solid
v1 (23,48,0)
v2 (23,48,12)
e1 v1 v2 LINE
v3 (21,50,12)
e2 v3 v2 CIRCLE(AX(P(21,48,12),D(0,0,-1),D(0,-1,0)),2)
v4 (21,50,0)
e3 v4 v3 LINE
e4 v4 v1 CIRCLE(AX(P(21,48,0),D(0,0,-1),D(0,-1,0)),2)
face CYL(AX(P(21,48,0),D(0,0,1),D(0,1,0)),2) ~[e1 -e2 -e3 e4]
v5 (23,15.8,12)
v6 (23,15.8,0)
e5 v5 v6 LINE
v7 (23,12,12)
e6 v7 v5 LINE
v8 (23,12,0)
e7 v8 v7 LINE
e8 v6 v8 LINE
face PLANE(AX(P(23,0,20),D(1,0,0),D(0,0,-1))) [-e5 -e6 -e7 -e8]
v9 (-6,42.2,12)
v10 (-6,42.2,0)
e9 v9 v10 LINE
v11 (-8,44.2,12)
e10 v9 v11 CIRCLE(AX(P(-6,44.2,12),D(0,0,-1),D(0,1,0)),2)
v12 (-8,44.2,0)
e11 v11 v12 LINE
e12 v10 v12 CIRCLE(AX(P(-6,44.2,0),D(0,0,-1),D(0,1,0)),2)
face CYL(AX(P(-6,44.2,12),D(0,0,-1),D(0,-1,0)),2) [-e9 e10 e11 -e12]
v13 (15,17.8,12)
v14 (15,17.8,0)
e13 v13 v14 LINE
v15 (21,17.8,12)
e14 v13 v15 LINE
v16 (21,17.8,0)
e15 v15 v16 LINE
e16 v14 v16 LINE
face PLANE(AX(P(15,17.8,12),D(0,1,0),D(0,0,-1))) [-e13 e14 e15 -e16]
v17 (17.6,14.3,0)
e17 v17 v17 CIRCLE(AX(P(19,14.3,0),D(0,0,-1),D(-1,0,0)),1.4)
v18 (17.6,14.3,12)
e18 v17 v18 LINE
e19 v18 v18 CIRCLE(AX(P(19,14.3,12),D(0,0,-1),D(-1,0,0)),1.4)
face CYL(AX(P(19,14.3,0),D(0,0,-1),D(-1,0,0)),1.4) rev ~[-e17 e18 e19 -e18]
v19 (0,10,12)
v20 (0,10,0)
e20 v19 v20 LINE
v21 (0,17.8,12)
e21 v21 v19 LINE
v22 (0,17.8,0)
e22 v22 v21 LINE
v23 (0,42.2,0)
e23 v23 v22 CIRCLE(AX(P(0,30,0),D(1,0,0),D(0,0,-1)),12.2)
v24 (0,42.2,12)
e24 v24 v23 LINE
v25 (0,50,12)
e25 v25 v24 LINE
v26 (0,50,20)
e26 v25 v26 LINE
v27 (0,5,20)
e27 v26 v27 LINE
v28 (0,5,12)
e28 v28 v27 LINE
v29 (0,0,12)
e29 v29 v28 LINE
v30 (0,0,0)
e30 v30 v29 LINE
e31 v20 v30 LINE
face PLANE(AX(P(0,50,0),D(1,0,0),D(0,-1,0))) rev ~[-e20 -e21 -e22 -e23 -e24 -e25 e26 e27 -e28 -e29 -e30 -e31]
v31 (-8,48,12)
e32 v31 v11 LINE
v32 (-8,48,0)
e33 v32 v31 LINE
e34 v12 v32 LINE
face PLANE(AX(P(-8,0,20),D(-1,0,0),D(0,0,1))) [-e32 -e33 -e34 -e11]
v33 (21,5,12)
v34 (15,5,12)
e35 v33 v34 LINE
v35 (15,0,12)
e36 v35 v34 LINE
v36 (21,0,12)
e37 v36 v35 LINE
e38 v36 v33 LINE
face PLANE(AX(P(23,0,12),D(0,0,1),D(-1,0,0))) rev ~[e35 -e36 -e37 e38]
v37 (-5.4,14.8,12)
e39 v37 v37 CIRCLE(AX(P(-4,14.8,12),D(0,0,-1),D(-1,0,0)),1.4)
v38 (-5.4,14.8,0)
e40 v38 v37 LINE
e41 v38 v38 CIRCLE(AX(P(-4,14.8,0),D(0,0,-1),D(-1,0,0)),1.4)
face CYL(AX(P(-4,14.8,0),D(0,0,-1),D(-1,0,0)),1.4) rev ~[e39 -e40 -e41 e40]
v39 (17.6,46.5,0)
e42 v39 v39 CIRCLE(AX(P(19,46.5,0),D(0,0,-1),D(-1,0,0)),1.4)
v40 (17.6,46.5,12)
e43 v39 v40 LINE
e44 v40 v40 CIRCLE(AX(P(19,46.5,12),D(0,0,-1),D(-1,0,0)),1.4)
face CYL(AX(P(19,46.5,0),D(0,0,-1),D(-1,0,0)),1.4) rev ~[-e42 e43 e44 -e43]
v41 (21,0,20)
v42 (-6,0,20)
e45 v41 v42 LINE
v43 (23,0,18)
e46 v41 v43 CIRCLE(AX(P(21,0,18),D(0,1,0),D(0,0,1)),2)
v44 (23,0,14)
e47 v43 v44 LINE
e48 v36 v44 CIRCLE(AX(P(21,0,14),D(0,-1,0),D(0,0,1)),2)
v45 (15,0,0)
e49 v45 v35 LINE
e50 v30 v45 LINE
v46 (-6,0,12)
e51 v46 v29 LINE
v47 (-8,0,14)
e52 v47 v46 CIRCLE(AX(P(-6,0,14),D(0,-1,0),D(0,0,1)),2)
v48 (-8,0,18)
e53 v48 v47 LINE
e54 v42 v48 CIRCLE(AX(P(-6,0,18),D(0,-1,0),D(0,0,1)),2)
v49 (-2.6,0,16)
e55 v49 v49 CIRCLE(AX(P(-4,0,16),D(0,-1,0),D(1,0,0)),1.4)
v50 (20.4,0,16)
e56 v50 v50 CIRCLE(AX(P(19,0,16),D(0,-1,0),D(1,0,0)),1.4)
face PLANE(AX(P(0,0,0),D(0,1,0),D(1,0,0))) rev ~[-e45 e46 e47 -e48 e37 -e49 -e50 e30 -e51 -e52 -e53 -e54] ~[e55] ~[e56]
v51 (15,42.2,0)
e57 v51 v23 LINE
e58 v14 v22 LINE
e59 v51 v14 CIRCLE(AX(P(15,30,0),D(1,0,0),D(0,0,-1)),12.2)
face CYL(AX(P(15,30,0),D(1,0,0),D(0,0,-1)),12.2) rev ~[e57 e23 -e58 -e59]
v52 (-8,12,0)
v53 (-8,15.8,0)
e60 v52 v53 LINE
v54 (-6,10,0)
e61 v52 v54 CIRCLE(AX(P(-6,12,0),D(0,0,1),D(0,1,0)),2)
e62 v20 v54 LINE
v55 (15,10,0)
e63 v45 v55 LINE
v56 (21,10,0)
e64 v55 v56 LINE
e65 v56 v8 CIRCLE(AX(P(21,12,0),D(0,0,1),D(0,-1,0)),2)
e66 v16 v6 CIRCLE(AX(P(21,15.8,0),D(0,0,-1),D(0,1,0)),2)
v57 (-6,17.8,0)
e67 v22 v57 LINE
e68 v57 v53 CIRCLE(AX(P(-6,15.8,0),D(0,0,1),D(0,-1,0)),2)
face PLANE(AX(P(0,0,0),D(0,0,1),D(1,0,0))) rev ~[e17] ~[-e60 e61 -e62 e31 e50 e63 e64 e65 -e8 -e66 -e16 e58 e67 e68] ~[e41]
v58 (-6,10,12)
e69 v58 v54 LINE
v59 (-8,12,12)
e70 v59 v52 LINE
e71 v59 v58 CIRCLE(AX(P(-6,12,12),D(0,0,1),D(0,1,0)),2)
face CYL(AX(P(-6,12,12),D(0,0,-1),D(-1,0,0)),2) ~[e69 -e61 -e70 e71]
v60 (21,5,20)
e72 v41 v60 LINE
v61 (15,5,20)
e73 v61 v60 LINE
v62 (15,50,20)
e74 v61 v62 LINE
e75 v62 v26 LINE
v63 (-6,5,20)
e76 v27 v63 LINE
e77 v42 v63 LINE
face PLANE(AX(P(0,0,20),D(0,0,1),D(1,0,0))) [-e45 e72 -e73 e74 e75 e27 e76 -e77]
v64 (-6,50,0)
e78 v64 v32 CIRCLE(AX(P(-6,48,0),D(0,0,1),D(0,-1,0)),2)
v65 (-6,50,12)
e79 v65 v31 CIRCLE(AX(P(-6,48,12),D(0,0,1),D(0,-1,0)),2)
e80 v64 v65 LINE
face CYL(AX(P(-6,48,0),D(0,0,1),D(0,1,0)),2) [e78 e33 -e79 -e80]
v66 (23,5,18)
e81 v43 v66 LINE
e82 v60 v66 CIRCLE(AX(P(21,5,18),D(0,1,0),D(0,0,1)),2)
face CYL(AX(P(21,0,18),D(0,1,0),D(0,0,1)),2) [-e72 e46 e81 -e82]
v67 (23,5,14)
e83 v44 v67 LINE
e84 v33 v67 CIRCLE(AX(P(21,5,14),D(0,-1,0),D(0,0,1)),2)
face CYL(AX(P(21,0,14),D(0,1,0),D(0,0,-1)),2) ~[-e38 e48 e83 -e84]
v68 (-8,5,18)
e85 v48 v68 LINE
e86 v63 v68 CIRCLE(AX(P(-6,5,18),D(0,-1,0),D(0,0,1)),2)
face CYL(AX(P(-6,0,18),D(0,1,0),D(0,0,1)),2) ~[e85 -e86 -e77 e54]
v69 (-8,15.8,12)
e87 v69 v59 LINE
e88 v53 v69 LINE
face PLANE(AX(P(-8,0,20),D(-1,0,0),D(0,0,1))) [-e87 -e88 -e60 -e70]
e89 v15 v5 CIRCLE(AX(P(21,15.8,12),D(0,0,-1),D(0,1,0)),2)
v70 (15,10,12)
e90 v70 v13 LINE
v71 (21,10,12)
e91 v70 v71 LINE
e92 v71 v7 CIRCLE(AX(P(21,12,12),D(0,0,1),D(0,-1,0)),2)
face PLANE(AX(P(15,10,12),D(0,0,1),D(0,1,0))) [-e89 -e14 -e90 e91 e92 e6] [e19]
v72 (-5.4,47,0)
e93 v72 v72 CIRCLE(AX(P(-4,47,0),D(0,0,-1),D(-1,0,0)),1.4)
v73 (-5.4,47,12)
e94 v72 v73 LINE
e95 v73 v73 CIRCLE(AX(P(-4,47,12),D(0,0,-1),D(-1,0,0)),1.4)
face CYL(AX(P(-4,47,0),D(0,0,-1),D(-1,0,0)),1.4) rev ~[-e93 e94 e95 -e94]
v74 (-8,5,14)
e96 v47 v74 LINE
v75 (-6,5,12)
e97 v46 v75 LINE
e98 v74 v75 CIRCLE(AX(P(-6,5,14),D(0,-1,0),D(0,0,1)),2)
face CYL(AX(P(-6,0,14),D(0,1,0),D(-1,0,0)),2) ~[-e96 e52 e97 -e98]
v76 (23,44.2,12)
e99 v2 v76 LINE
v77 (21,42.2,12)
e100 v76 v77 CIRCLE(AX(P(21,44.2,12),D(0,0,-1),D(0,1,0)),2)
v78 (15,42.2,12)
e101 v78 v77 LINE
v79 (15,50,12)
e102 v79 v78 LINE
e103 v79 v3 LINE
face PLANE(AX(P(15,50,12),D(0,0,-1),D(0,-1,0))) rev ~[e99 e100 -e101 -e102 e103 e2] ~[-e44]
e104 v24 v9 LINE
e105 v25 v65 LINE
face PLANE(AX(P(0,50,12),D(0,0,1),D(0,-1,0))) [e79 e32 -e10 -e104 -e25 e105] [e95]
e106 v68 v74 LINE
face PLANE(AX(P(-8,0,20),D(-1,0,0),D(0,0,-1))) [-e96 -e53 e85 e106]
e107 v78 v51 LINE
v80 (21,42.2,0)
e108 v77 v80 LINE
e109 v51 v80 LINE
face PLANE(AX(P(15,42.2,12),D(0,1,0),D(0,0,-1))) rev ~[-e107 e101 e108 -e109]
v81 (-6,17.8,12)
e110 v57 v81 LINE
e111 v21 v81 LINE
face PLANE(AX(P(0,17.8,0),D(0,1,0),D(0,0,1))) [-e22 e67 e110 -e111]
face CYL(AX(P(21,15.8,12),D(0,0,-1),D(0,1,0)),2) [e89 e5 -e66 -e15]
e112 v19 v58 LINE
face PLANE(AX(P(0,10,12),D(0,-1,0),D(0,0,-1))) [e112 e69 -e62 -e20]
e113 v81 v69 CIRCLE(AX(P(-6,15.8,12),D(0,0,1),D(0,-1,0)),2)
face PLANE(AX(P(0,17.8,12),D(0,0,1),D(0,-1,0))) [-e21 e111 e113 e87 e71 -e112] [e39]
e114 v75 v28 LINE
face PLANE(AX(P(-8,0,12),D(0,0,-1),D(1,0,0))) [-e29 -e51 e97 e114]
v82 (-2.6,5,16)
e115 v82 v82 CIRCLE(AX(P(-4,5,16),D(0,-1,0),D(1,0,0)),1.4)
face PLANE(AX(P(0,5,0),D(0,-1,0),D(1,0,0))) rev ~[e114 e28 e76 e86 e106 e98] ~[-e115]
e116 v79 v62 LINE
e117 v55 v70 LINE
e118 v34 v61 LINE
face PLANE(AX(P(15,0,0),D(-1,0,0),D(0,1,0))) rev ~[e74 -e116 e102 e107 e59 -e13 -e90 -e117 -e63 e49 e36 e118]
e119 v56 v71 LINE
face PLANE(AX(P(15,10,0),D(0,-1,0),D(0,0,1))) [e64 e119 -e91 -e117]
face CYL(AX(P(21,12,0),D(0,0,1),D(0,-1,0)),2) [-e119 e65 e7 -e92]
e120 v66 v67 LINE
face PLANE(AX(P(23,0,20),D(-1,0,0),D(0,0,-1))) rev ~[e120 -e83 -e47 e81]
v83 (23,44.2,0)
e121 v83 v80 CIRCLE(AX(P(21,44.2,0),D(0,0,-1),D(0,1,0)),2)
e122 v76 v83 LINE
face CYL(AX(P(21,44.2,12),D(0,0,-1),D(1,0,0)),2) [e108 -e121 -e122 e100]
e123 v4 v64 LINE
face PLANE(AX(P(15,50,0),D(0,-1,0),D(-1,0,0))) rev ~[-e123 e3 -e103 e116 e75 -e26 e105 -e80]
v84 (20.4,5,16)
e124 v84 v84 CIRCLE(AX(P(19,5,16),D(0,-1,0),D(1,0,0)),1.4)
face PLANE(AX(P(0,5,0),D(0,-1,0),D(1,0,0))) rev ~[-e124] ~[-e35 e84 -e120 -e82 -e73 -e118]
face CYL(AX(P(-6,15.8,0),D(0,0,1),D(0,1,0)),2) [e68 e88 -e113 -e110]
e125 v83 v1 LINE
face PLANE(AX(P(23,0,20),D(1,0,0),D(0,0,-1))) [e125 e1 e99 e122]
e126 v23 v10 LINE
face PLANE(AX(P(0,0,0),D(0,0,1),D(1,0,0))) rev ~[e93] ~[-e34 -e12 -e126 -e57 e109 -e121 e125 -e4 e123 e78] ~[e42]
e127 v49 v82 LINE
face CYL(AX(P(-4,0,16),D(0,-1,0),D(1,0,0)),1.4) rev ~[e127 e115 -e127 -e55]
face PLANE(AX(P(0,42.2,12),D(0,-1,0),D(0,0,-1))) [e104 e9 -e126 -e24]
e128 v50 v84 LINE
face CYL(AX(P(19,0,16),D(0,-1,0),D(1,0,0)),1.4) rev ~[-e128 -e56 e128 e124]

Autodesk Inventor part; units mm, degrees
ref_plane "YZ Plane" through (0, 0, 0) normal (1, 0, 0) x (0, 1, 0)
ref_plane "XZ Plane" through (0, 0, 0) normal (0, 1, 0) x (-1, 0, 0)
sketch "Sketch1" plane through (0, 0, 0) normal (0, 0, 1) x (1, 0, 0)
  line L0 (0, 0) -> (15, 0)
  line L1 (15, 0) -> (15, 50)
  line L2 (15, 50) -> (0, 50)
  line L3 (0, 50) -> (0, 0)
  dimension "d0" = 15
  dimension "d1" = 50
extrude "Extrusion1" add sketch "Sketch1" along normal blind 20
sketch "Sketch2" plane through (15, 0, 0) normal (1, 0, 0) x (0, 0, -1)
  circle A0 centre (0, 30) radius 12.2
  line L0 (0, 50) -> (-20, 50) projected
  line L1 (0, 0) -> (0, 50) projected
  line L2 (0, 50) -> (0, 0)
  line L3 (-20, 0) -> (-20, 50) projected
  point P0 (0, 17.8)
  point P1 (0, 42.2)
  dimension "d4" = 24.4
  dimension "d5" = 20
  dimension "d6" = 20
extrude "Extrusion2" cut sketch "Sketch2" against normal through all contours L1 A0 picked at (-4.6431, 33.0439)
sketch "Sketch3" plane through (15, 0, 20) normal (1, 0, 0) x (0, 0, -1)
  line L0 (20, 50) -> (0, 50) projected
  line L1 (20, 50) -> (8, 50)
  line L2 (8, 50) -> (8, 42.2)
  line L3 (8, 42.2) -> (20, 42.2)
  line L4 (20, 42.2) -> (20, 50)
  line L5 (-6.7049, 30) -> (32.7164, 30)
  line L6 (20, 10) -> (0, 10)
  line L7 (8, 10) -> (8, 17.8)
  line L8 (8, 17.8) -> (20, 17.8)
  line L9 (20, 17.8) -> (20, 10)
  point P0 (20, 0)
  dimension "d9" = 12
  dimension "d10" = 7.8
  dimension "d11" = 20
extrude "Extrusion3" add sketch "Sketch3" along normal blind 8
sketch "Sketch4" plane through (0, 0, 0) normal (0, 0, -1) x (-1, 0, 0)
  circle A0 centre (-19, 46.5) radius 1.4
  line L0 (0, 50) -> (-23, 50) projected
  line L1 (-23, 42.2) -> (-23, 50) projected
  circle A1 centre (-19, 14.3) radius 1.4
  line L2 (-15, 17.8) -> (-23, 17.8) projected
  line L3 (-23, 10) -> (-23, 17.8) projected
  point P0 (0, 0)
  dimension "d14" = 2.8
  dimension "d15" = 3.5
  dimension "d16" = 4
  dimension "d17" = 2.8
  dimension "d18" = 3.5
  dimension "d43" = 4
extrude "Extrusion4" cut sketch "Sketch4" against normal through all
sketch "Sketch5" plane through (0, 0, 20) normal (-1, 0, 0) x (0, 0, 1)
  line L0 (-20, 42.2) -> (-20, 50) projected
  line L1 (-8, 42.2) -> (-20, 42.2) projected
  line L2 (-20, 50) -> (-8, 50)
  line L3 (-8, 50) -> (-8, 42.2)
  line L4 (-8, 42.2) -> (-20, 42.2)
  line L5 (-20, 42.2) -> (-20, 50)
  arc A0 (-20, 17.8) -> (-20, 42.2) centre (-20, 30) ccw projected
  line L6 (-8, 10) -> (-20, 10) projected
  line L7 (-20, 17.8) -> (-8, 17.8)
  line L8 (-8, 17.8) -> (-8, 10)
  line L9 (-8, 10) -> (-20, 10)
  line L10 (-20, 10) -> (-20, 17.8)
  point P0 (-20, 0)
extrude "Extrusion5" add sketch "Sketch5" along normal blind 8
sketch "Sketch6" plane through (0, 0, 0) normal (0, 0, -1) x (-1, 0, 0)
  circle A0 centre (4, 47) radius 1.4
  line L0 (8, 50) -> (8, 42.2) projected
  line L1 (8, 50) -> (-23, 50) projected
  circle A1 centre (4, 14.8) radius 1.4
  line L2 (0, 17.8) -> (8, 17.8) projected
  line L3 (8, 17.8) -> (8, 10) projected
  point P0 (0, 0)
  point P1 (8, 46.1)
  dimension "d23" = 2.8
  dimension "d24" = 4
  dimension "d25" = 3
  dimension "d26" = 2.8
  dimension "d27" = 3
  dimension "d44" = 4
extrude "Extrusion6" cut sketch "Sketch6" against normal through all
ref_plane "Work Plane1" through (0, 0, 0) normal (0, -1, 0) x (1, 0, 0)
sketch "Sketch7" plane through (0, 0, 0) normal (0, -1, 0) x (1, 0, 0)
  line L0 (0, 0) -> (0, 20) projected
  line L1 (0, 20) -> (-8, 20)
  line L2 (-8, 20) -> (-8, 12)
  line L3 (-8, 12) -> (0, 12)
  line L4 (0, 12) -> (0, 20)
  line L5 (0, 0) -> (15, 0) projected
  line L6 (7.5, 0) -> (7.5, 20)
  line L7 (15, 20) -> (0, 20) projected
  circle A0 centre (-4, 16) radius 1.4
  line L8 (15, 0) -> (15, 20)
  line L9 (15, 20) -> (23, 20)
  line L10 (23, 20) -> (23, 12)
  line L11 (23, 12) -> (15, 12)
  circle A1 centre (19, 16) radius 1.4
  dimension "d30" = 8
  dimension "d31" = 8
  dimension "d32" = 2.8
  dimension "d41" = 4
extrude "Extrusion7" add sketch "Sketch7" against normal blind 5 contours L3 L2 L1 L0 | L8 L9 L10 L11
fillet "Fillet1" radius 2 2 edges at (23, 2.5, 20) (23, 2.5, 12)
fillet "Fillet2" radius 2 2 edges at (-8, 2.5, 12) (-8, 2.5, 20)
fillet "Fillet3" radius 2 2 edges at (23, 17.8, 6) (23, 10, 6)
fillet "Fillet4" radius 2 2 edges at (-8, 10, 6) (-8, 17.8, 6)
fillet "Fillet5" radius 2 2 edges at (-8, 50, 6) (-8, 42.2, 6)
fillet "Fillet6" radius 2 2 edges at (23, 50, 6) (23, 42.2, 6)
sketch "Sketch8" plane through (15, 10, 12) normal (0, 0, 1) x (1, 0, 0)
  point P0 (-15, -10)
sketch "Sketch9" plane through (0, 5, 0) normal (0, 1, 0) x (1, 0, 0)
  point P0 (0, 0)
sketch "Sketch10" plane through (15, 10, 12) normal (0, 0, 1) x (1, 0, 0)
  point P0 (-15, -10)
sketch "Sketch11" plane through (0, 42.2, 12) normal (0, 0, 1) x (1, 0, 0)
  point P0 (0, -42.2)
sketch "Sketch12" plane through (15, 42.2, 12) normal (0, 0, 1) x (1, 0, 0)
  point P0 (-15, -42.2)
sketch "Sketch13" plane through (0, 42.2, 12) normal (0, 0, 1) x (1, 0, 0)
  point P0 (0, -42.2)
properties part number "üst döner blok"
